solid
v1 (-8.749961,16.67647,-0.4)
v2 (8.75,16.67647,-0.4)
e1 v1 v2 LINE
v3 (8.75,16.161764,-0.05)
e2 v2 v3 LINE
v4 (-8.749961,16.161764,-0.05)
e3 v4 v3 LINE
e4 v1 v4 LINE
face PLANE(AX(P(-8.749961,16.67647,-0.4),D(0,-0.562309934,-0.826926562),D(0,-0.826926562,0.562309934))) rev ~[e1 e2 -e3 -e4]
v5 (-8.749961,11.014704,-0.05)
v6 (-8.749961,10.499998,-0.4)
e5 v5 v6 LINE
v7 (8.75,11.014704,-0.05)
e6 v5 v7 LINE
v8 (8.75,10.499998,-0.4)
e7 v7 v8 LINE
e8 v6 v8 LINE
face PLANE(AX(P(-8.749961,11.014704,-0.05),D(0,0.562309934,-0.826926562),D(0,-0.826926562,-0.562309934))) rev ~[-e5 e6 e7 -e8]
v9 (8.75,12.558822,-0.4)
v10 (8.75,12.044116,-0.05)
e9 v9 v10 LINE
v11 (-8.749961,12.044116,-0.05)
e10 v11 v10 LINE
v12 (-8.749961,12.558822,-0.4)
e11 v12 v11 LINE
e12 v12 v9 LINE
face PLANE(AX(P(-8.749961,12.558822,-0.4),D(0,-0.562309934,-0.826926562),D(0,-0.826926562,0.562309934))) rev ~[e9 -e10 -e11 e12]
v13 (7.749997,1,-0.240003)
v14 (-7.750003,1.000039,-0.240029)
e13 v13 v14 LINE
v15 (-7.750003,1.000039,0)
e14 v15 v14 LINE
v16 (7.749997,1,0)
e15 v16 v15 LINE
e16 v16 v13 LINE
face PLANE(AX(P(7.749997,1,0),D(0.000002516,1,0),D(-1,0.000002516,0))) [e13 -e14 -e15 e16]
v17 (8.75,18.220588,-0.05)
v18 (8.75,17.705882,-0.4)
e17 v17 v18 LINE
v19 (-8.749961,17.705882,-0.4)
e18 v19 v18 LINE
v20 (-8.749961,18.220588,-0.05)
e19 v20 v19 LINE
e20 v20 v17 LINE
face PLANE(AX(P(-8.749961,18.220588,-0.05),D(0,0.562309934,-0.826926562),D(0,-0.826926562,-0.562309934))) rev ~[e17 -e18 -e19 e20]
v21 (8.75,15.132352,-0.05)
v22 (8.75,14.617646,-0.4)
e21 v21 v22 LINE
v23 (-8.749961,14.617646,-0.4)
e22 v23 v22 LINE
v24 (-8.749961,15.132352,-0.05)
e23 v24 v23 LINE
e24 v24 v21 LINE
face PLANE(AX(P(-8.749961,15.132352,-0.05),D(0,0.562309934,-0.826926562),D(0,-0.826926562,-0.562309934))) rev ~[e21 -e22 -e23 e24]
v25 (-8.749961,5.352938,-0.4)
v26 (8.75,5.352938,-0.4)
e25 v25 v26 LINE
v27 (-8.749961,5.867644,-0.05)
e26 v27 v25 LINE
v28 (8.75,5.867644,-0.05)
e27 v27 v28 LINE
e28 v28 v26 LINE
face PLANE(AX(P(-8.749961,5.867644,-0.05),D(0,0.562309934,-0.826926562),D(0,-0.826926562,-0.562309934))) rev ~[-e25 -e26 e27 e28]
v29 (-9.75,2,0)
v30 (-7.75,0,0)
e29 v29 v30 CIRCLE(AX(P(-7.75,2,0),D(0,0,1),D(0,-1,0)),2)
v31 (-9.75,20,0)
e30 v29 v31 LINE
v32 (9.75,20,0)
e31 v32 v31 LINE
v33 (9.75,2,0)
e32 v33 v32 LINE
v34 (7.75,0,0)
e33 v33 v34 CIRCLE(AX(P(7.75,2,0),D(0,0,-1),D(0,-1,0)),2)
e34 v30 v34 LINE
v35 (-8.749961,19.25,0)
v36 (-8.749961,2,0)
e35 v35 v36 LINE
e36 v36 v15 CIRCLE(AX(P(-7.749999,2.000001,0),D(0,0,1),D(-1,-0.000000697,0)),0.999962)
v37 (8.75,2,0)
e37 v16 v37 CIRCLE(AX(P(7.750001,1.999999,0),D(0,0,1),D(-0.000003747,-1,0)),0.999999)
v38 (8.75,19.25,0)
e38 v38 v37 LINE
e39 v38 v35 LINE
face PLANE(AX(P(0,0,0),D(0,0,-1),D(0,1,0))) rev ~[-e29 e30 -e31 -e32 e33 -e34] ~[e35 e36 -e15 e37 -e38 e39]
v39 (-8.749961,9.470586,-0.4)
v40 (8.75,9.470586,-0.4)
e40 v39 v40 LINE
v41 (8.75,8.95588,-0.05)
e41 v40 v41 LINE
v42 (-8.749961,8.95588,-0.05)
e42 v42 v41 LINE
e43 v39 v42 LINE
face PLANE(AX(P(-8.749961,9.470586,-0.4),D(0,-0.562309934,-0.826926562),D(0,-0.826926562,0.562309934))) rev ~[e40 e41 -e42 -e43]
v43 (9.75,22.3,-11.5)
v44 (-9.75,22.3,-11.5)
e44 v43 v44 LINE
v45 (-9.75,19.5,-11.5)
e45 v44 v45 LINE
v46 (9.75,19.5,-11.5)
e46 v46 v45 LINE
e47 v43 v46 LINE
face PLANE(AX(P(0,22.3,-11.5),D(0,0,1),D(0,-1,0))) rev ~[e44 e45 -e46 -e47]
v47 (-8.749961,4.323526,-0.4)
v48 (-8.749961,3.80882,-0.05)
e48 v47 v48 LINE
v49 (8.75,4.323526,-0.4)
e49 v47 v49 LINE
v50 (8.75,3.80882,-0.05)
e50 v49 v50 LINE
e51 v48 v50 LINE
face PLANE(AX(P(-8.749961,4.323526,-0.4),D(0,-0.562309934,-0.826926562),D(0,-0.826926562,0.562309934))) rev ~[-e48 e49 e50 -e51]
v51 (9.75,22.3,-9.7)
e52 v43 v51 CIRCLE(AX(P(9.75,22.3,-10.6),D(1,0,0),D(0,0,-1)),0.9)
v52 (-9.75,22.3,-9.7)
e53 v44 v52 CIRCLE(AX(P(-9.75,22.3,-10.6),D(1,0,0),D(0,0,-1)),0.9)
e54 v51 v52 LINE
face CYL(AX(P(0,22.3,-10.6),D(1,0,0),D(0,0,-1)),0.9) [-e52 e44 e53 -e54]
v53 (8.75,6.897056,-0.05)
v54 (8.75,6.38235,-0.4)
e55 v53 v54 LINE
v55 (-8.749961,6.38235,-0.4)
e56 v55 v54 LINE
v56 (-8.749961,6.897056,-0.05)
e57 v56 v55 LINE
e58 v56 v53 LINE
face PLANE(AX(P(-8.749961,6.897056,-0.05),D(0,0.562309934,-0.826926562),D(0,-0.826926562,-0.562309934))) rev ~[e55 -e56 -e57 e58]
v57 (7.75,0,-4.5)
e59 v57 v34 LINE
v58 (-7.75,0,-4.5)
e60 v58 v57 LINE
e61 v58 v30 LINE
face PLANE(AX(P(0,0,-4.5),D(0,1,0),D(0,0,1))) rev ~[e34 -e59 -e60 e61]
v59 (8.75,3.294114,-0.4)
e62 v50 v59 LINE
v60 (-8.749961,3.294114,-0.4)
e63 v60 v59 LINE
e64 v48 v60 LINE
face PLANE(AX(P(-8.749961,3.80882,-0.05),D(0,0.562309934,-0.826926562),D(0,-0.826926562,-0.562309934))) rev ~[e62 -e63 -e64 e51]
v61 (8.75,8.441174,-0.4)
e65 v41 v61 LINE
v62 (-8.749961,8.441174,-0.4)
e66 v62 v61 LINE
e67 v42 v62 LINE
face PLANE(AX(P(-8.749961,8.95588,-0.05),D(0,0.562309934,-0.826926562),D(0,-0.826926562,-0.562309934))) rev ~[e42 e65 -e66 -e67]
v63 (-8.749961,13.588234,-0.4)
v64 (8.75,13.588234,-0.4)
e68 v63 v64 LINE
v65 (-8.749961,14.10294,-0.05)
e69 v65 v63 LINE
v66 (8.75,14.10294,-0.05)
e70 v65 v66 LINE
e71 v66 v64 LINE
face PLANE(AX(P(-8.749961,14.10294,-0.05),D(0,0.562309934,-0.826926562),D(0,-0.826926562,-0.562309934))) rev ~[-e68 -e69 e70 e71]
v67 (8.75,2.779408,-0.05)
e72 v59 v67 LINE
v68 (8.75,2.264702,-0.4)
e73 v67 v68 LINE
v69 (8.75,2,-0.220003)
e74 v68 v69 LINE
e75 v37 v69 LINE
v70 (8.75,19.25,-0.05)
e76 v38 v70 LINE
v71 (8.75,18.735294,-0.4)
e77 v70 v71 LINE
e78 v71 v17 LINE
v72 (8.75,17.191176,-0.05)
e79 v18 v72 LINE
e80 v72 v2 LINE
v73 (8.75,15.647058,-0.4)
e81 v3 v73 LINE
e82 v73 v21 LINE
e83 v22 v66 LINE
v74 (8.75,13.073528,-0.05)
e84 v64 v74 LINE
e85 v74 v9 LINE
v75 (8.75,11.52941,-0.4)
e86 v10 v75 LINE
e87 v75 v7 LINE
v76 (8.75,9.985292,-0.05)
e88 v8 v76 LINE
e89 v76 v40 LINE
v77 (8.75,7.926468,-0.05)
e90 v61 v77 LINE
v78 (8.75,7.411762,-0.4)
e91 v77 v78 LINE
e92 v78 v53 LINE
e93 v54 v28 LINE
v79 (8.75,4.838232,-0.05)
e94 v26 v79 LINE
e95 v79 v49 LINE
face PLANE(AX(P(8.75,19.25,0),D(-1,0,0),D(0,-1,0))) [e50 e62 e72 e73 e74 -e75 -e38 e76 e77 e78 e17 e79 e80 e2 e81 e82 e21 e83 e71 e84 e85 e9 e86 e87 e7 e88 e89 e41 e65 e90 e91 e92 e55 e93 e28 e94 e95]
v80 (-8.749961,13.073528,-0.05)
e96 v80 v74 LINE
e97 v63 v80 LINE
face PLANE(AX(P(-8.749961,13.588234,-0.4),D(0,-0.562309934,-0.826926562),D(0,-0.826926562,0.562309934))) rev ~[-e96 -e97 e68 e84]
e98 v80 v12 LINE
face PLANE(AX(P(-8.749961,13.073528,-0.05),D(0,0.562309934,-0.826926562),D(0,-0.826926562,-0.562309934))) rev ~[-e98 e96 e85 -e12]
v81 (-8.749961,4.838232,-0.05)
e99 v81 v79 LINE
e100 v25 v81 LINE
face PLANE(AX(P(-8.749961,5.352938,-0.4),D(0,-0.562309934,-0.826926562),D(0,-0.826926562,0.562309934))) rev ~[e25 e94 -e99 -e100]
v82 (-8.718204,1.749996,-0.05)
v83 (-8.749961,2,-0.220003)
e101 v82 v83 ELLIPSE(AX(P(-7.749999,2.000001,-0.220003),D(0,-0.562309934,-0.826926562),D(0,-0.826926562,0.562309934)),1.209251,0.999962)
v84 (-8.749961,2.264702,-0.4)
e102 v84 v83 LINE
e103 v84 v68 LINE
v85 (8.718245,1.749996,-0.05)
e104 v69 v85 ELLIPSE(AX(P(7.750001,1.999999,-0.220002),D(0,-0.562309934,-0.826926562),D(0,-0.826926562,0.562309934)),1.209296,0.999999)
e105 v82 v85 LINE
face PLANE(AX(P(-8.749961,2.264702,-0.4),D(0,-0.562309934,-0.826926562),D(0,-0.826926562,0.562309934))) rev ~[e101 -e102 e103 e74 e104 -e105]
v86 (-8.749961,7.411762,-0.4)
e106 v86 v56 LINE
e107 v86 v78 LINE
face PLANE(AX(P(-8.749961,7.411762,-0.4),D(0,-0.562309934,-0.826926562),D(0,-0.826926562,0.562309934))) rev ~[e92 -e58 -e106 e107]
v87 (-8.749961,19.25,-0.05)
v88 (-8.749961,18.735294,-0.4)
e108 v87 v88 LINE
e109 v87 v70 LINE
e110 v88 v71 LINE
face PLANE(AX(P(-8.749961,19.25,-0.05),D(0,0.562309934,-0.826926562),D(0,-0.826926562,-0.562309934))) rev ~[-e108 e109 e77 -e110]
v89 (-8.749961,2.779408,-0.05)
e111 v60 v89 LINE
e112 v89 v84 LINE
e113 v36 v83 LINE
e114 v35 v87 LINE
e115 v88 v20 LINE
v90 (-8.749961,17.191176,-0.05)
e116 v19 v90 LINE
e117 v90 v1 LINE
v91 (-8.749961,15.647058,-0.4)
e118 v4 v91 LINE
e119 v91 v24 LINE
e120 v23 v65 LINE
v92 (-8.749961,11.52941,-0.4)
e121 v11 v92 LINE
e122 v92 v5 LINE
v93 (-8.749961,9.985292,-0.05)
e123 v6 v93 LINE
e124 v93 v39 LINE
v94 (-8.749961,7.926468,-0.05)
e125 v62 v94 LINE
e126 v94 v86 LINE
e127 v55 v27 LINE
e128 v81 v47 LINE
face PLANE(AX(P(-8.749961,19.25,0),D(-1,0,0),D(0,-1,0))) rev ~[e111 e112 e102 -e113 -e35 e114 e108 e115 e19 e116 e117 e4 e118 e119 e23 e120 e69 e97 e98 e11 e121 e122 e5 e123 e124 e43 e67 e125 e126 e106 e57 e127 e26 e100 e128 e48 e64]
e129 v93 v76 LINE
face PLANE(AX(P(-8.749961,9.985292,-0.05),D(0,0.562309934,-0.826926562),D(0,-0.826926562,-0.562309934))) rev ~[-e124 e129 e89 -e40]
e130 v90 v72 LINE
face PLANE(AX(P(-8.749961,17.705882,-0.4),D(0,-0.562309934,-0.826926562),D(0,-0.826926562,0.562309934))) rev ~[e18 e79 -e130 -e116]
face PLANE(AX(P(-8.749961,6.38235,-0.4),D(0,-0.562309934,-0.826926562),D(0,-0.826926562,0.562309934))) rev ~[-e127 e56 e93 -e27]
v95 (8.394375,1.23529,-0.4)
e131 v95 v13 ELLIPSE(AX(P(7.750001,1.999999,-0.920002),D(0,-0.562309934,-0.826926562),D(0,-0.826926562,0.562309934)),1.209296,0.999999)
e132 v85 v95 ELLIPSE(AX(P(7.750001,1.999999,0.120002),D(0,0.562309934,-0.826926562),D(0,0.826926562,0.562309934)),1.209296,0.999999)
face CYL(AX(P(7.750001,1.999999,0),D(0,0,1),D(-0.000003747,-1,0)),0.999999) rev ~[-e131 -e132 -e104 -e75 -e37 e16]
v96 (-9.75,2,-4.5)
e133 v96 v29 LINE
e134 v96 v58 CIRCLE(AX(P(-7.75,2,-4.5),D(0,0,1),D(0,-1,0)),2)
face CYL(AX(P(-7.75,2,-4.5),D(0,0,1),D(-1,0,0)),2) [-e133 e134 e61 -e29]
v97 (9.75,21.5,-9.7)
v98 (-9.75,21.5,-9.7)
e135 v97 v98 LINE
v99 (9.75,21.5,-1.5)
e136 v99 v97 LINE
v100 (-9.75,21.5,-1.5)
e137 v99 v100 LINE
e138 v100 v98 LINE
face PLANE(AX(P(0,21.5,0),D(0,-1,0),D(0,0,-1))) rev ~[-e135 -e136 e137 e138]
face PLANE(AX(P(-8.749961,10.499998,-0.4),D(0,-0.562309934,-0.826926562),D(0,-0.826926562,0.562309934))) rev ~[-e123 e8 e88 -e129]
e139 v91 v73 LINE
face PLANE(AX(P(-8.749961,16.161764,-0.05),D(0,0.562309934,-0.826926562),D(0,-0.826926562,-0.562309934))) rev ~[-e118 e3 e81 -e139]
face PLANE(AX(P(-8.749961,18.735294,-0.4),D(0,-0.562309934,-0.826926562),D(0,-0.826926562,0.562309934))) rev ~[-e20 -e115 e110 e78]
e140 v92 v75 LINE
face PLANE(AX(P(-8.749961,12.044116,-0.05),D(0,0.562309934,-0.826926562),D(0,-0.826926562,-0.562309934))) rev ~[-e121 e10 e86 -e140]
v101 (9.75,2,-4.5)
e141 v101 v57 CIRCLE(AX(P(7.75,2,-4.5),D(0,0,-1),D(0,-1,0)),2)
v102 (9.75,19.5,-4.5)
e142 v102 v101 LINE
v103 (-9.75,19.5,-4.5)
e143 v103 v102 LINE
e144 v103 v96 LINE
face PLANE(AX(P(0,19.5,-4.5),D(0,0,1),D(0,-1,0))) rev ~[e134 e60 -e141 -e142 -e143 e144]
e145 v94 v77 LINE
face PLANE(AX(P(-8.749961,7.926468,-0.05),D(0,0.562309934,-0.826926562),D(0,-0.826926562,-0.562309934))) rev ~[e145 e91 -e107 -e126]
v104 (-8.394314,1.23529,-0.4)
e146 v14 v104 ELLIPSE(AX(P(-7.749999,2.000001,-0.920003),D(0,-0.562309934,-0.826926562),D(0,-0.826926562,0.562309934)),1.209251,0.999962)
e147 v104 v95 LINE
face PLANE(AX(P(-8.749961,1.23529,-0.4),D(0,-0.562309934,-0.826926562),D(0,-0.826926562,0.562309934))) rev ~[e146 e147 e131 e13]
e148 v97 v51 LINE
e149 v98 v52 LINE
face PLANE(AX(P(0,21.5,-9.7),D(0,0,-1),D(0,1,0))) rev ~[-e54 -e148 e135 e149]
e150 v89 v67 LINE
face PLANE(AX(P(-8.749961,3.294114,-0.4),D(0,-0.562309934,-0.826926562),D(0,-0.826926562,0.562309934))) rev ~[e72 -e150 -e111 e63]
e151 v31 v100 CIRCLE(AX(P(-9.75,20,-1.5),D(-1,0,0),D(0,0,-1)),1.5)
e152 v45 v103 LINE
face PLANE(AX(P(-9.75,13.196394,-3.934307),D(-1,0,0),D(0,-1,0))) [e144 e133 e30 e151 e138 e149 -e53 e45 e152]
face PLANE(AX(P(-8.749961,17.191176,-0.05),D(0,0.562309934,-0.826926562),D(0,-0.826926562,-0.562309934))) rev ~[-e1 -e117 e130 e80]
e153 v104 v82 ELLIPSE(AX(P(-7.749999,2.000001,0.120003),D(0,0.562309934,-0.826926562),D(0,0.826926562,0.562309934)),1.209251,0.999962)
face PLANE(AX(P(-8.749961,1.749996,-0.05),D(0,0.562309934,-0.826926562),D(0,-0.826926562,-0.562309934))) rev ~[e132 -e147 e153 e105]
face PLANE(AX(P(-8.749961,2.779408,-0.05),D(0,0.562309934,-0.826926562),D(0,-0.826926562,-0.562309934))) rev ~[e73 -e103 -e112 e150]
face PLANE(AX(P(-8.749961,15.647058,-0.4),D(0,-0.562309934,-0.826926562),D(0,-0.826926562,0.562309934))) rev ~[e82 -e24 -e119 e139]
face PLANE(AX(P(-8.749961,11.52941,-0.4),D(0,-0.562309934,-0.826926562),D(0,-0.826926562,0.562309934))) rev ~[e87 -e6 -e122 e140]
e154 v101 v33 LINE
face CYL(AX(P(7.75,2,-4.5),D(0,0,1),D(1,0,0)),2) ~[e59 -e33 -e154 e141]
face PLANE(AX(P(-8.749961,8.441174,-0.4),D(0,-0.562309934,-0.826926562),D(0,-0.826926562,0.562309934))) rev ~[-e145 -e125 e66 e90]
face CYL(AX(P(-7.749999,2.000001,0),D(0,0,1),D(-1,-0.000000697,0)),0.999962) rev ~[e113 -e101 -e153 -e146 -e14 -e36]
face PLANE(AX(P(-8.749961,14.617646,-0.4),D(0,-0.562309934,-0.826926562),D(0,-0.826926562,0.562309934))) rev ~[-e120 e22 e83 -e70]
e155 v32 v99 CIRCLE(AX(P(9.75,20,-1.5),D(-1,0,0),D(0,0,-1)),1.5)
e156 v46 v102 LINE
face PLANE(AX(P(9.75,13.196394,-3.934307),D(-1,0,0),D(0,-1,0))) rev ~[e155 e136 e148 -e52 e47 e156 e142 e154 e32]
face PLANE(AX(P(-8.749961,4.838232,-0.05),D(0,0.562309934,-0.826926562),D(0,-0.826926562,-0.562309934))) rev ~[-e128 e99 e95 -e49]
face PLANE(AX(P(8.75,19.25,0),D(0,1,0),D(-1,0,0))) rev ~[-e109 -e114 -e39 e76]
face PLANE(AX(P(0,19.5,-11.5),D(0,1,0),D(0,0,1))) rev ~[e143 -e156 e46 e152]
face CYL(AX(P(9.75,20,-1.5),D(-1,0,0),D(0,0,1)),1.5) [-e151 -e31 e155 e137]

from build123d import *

# Parameters (mm, degrees)
PAD_DEPTH           = 9.75
FILLET_R            = 2
POCKET_DEPTH        = 0.5
PAD001_DEPTH        = 17.499961
LINEARPATTERN_COUNT = 18
LINEARPATTERN_PITCH = 1.029412
FILLET001_R         = 1.5


with BuildPart() as part:
    # Sketch → Pad (new body, symmetric)
    with BuildSketch(Plane.YZ):
        with BuildLine():
            Line((0, 0), (21.5, 0))
            Line((21.5, 0), (21.5, -9.7))
            Line((21.5, -9.7), (22.3, -9.7))
            ThreePointArc((22.3, -11.5), (23.2, -10.6), (22.3, -9.7))
            Line((22.3, -11.5), (19.5, -11.5))
            Line((19.5, -11.5), (19.5, -4.5))
            Line((19.5, -4.5), (0, -4.5))
            Line((0, -4.5), (0, 0))
        make_face()
    extrude(amount=PAD_DEPTH, both=True)

    # Fillet
    fillet_edges = [part.edges().sort_by_distance(p)[0] for p in [
        (9.75, 0, -2.25),
        (-9.75, 0, -2.25),
    ]]
    fillet(fillet_edges, radius=FILLET_R)

    # Sketch001 (on Face1 of Fillet) → Pocket (cut)
    with BuildSketch(Plane(origin=(0, 0, 0), x_dir=(0, -1, 0), z_dir=(0, 0, 1))):
        with BuildLine():
            ThreePointArc((-1, 7.749997), (-1.292892, 8.457106), (-2, 8.75))
            Line((-19.25, 8.75), (-2, 8.75))
            Line((-19.25, 8.75), (-19.25, -8.749961))
            Line((-19.25, -8.749961), (-2, -8.749961))
            ThreePointArc((-2, -8.749961), (-1.292922, -8.45708), (-1.000039, -7.750003))
            Line((-1, 7.749997), (-1.000039, -7.750003))
        make_face()
    extrude(amount=-POCKET_DEPTH, mode=Mode.SUBTRACT)

    # Sketch002 (on Face11 of Pocket) → Pad001 (join)
    with BuildSketch(Plane.YZ.offset(-8.749961)):
        Polygon((18.220588, -0.05), (18.220588, -0.5), (19.25, -0.5), (19.25, -0.05), (18.735294, -0.4), align=None)
    pad001 = extrude(amount=PAD001_DEPTH)

    # LinearPattern: Pad001 ×18
    with Locations(*[(0, -i * LINEARPATTERN_PITCH, 0) for i in range(1, LINEARPATTERN_COUNT)]):
        add(pad001)

    # Fillet001
    fillet001_edges = [part.edges().sort_by_distance(p)[0] for p in [
        (0, 21.5, 0),
    ]]
    fillet(fillet001_edges, radius=FILLET001_R)


solid = part.part
